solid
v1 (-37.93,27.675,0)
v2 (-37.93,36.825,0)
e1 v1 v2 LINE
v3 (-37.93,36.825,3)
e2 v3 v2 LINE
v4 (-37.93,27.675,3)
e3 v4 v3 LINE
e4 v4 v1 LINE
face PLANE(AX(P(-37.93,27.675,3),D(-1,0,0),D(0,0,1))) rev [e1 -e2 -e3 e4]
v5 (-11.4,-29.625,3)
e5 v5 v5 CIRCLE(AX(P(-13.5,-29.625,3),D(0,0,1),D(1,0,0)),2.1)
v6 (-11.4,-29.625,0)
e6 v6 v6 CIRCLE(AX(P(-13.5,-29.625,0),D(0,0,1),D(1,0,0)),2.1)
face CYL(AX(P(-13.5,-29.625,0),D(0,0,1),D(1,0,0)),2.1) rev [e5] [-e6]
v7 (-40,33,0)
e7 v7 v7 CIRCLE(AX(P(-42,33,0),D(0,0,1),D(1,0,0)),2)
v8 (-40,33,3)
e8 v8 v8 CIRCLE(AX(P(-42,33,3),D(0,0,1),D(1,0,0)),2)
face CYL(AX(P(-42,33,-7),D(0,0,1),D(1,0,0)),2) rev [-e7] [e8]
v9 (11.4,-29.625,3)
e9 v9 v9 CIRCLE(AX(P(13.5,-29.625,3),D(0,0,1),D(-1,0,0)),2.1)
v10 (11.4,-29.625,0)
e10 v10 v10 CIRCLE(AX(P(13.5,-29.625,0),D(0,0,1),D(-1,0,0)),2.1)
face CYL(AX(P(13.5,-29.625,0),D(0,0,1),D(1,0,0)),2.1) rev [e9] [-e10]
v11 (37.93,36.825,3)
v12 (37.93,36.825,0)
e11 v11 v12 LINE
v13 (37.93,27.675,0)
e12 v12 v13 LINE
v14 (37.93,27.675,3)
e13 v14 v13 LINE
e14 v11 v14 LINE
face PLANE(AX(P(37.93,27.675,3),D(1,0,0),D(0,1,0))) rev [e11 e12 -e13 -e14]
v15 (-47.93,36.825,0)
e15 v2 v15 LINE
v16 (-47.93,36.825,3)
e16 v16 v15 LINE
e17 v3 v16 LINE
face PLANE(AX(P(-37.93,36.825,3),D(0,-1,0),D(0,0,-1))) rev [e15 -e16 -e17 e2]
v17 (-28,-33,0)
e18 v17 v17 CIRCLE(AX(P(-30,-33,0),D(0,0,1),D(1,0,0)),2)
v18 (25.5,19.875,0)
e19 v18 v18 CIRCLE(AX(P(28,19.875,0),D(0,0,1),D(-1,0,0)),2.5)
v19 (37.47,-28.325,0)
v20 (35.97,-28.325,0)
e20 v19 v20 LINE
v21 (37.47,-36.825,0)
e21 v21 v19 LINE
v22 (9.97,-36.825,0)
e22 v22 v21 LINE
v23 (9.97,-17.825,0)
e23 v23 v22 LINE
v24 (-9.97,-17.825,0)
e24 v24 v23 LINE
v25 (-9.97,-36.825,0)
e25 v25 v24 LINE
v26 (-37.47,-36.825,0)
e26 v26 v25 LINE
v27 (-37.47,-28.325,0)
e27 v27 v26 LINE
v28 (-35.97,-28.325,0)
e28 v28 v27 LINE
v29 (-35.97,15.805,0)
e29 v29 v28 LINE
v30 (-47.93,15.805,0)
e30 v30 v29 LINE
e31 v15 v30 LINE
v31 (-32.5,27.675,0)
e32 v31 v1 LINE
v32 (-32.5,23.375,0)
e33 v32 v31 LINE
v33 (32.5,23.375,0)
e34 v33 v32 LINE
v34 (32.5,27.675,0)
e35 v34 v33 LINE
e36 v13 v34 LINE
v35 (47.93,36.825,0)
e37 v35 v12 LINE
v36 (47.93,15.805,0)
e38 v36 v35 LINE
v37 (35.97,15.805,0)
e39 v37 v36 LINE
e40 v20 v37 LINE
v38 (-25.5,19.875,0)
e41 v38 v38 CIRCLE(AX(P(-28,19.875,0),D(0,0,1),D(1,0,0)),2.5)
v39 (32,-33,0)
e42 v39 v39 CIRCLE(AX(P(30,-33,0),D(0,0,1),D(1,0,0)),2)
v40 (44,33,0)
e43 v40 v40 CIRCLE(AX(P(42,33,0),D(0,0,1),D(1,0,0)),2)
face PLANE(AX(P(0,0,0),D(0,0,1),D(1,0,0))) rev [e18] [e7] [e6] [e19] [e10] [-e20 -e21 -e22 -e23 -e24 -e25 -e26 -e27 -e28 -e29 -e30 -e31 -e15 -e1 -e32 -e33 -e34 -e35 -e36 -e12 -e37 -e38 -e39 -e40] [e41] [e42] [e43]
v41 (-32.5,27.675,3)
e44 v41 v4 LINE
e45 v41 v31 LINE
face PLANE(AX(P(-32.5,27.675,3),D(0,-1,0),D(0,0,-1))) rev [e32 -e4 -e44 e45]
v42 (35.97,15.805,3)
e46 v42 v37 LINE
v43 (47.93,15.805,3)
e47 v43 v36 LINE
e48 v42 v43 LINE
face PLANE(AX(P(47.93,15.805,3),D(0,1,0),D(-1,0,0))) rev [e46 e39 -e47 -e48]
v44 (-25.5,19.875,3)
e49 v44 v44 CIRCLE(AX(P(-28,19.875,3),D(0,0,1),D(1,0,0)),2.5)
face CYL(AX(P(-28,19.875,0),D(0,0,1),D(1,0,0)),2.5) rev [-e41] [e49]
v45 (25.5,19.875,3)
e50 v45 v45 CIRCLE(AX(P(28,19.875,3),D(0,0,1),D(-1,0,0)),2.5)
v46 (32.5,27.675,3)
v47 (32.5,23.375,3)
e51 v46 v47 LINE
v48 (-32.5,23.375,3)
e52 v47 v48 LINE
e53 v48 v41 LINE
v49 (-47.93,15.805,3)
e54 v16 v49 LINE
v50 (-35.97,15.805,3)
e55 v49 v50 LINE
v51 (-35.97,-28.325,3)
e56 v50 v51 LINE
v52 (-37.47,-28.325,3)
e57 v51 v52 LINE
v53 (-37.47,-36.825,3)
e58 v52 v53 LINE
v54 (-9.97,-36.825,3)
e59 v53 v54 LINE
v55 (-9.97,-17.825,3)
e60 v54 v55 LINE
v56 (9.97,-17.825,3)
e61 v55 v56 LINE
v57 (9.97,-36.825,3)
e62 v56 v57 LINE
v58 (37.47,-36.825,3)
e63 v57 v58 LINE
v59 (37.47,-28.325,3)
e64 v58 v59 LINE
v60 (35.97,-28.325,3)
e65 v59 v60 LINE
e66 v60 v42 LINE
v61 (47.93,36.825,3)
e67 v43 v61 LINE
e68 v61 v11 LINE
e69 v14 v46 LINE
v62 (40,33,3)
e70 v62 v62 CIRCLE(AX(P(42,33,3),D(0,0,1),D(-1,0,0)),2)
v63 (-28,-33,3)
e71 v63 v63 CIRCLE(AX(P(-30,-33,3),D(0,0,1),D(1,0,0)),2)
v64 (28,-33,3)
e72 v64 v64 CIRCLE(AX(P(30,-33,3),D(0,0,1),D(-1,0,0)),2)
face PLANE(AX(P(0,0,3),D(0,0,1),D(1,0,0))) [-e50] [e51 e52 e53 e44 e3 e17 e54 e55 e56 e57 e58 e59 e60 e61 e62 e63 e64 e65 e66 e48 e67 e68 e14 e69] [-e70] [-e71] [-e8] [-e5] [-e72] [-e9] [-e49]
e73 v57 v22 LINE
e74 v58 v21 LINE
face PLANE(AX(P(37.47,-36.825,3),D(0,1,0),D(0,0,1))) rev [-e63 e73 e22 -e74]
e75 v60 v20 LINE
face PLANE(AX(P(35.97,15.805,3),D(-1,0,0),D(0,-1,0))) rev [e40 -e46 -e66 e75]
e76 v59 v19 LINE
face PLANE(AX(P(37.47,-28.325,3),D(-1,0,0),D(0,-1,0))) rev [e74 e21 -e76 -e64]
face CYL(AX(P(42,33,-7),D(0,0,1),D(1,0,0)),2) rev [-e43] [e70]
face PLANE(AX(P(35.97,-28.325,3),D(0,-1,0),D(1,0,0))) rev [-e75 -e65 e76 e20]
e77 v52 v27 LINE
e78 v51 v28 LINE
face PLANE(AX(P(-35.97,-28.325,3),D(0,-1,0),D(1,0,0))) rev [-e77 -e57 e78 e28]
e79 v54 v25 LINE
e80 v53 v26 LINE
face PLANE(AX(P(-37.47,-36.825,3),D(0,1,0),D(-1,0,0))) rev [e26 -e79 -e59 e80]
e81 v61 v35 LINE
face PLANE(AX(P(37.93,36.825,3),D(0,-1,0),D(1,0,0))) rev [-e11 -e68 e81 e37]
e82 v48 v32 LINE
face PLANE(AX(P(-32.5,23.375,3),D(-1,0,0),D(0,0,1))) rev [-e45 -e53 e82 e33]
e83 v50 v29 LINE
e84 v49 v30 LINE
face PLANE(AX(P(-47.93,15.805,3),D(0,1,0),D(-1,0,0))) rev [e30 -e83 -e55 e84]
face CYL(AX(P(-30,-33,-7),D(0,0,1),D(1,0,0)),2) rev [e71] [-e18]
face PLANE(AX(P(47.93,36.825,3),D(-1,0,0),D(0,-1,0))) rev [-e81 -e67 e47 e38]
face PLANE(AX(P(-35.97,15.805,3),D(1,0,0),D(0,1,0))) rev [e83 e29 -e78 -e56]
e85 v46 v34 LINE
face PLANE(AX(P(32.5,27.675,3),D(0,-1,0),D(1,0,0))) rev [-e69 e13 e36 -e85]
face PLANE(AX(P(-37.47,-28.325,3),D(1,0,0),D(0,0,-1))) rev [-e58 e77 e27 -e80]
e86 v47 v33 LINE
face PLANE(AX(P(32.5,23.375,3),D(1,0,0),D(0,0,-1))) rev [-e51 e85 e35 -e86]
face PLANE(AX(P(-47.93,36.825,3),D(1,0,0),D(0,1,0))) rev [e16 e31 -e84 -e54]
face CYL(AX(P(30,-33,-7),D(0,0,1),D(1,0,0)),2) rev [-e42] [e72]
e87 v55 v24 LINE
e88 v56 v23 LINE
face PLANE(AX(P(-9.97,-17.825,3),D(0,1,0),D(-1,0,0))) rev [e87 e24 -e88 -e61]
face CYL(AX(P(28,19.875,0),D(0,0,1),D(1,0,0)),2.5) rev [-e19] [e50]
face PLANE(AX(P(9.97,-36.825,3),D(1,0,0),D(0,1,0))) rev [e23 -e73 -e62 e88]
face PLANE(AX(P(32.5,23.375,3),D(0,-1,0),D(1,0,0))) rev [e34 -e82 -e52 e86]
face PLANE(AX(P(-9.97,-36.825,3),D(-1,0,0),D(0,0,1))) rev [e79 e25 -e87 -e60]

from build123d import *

# Parameters (mm, degrees)
EXTRUDE_1_DEPTH     = 3
SKETCH_3_R          = 2.5
SKETCH_3_R_2        = 2.1
CUT_EXTRUDE_1_DEPTH = 61.517481152
SKETCH_4_R          = 2
CUT_EXTRUDE_2_DEPTH = 10


with BuildPart() as part:
    # 草图2 → 凸台-拉伸1 (new body)
    with BuildSketch(Plane.XY):
        Polygon((32.5, 23.375), (-32.5, 23.375), (-32.5, 27.675), (-37.93, 27.675), (-37.93, 36.825), (-47.93, 36.825), (-47.93, 15.805), (-35.97, 15.805), (-35.97, -28.325), (-37.47, -28.325), (-37.47, -36.825), (-9.97, -36.825), (-9.97, -17.825), (9.97, -17.825), (9.97, -36.825), (37.47, -36.825), (37.47, -28.325), (35.97, -28.325), (35.97, 15.805), (47.93, 15.805), (47.93, 36.825), (37.93, 36.825), (37.93, 27.675), (32.5, 27.675), align=None)
    extrude(amount=EXTRUDE_1_DEPTH)

    # 草图3 → 切除-拉伸1 (cut, through all)
    with BuildSketch(Plane.XY.offset(3)):
        with Locations((-28, 19.875)):
            Circle(SKETCH_3_R)
        with Locations((-13.5, -29.625)):
            Circle(SKETCH_3_R_2)
        with Locations(Location((13.5, -29.625, 0), (0, 0, 180))):
            Circle(SKETCH_3_R_2)
        with Locations(Location((28, 19.875, 0), (0, 0, 180))):
            Circle(SKETCH_3_R)
    extrude(amount=-CUT_EXTRUDE_1_DEPTH, mode=Mode.SUBTRACT)

    # 草图4 → 切除-拉伸2 (cut)
    with BuildSketch(Plane.XY.offset(3)):
        with Locations((-42, 33)):
            Circle(SKETCH_4_R)
        with Locations((-30, -33)):
            Circle(SKETCH_4_R)
        with Locations((30, -33)):
            Circle(SKETCH_4_R)
        with Locations((42, 33)):
            Circle(SKETCH_4_R)
    extrude(amount=-CUT_EXTRUDE_2_DEPTH, mode=Mode.SUBTRACT)


solid = part.part
